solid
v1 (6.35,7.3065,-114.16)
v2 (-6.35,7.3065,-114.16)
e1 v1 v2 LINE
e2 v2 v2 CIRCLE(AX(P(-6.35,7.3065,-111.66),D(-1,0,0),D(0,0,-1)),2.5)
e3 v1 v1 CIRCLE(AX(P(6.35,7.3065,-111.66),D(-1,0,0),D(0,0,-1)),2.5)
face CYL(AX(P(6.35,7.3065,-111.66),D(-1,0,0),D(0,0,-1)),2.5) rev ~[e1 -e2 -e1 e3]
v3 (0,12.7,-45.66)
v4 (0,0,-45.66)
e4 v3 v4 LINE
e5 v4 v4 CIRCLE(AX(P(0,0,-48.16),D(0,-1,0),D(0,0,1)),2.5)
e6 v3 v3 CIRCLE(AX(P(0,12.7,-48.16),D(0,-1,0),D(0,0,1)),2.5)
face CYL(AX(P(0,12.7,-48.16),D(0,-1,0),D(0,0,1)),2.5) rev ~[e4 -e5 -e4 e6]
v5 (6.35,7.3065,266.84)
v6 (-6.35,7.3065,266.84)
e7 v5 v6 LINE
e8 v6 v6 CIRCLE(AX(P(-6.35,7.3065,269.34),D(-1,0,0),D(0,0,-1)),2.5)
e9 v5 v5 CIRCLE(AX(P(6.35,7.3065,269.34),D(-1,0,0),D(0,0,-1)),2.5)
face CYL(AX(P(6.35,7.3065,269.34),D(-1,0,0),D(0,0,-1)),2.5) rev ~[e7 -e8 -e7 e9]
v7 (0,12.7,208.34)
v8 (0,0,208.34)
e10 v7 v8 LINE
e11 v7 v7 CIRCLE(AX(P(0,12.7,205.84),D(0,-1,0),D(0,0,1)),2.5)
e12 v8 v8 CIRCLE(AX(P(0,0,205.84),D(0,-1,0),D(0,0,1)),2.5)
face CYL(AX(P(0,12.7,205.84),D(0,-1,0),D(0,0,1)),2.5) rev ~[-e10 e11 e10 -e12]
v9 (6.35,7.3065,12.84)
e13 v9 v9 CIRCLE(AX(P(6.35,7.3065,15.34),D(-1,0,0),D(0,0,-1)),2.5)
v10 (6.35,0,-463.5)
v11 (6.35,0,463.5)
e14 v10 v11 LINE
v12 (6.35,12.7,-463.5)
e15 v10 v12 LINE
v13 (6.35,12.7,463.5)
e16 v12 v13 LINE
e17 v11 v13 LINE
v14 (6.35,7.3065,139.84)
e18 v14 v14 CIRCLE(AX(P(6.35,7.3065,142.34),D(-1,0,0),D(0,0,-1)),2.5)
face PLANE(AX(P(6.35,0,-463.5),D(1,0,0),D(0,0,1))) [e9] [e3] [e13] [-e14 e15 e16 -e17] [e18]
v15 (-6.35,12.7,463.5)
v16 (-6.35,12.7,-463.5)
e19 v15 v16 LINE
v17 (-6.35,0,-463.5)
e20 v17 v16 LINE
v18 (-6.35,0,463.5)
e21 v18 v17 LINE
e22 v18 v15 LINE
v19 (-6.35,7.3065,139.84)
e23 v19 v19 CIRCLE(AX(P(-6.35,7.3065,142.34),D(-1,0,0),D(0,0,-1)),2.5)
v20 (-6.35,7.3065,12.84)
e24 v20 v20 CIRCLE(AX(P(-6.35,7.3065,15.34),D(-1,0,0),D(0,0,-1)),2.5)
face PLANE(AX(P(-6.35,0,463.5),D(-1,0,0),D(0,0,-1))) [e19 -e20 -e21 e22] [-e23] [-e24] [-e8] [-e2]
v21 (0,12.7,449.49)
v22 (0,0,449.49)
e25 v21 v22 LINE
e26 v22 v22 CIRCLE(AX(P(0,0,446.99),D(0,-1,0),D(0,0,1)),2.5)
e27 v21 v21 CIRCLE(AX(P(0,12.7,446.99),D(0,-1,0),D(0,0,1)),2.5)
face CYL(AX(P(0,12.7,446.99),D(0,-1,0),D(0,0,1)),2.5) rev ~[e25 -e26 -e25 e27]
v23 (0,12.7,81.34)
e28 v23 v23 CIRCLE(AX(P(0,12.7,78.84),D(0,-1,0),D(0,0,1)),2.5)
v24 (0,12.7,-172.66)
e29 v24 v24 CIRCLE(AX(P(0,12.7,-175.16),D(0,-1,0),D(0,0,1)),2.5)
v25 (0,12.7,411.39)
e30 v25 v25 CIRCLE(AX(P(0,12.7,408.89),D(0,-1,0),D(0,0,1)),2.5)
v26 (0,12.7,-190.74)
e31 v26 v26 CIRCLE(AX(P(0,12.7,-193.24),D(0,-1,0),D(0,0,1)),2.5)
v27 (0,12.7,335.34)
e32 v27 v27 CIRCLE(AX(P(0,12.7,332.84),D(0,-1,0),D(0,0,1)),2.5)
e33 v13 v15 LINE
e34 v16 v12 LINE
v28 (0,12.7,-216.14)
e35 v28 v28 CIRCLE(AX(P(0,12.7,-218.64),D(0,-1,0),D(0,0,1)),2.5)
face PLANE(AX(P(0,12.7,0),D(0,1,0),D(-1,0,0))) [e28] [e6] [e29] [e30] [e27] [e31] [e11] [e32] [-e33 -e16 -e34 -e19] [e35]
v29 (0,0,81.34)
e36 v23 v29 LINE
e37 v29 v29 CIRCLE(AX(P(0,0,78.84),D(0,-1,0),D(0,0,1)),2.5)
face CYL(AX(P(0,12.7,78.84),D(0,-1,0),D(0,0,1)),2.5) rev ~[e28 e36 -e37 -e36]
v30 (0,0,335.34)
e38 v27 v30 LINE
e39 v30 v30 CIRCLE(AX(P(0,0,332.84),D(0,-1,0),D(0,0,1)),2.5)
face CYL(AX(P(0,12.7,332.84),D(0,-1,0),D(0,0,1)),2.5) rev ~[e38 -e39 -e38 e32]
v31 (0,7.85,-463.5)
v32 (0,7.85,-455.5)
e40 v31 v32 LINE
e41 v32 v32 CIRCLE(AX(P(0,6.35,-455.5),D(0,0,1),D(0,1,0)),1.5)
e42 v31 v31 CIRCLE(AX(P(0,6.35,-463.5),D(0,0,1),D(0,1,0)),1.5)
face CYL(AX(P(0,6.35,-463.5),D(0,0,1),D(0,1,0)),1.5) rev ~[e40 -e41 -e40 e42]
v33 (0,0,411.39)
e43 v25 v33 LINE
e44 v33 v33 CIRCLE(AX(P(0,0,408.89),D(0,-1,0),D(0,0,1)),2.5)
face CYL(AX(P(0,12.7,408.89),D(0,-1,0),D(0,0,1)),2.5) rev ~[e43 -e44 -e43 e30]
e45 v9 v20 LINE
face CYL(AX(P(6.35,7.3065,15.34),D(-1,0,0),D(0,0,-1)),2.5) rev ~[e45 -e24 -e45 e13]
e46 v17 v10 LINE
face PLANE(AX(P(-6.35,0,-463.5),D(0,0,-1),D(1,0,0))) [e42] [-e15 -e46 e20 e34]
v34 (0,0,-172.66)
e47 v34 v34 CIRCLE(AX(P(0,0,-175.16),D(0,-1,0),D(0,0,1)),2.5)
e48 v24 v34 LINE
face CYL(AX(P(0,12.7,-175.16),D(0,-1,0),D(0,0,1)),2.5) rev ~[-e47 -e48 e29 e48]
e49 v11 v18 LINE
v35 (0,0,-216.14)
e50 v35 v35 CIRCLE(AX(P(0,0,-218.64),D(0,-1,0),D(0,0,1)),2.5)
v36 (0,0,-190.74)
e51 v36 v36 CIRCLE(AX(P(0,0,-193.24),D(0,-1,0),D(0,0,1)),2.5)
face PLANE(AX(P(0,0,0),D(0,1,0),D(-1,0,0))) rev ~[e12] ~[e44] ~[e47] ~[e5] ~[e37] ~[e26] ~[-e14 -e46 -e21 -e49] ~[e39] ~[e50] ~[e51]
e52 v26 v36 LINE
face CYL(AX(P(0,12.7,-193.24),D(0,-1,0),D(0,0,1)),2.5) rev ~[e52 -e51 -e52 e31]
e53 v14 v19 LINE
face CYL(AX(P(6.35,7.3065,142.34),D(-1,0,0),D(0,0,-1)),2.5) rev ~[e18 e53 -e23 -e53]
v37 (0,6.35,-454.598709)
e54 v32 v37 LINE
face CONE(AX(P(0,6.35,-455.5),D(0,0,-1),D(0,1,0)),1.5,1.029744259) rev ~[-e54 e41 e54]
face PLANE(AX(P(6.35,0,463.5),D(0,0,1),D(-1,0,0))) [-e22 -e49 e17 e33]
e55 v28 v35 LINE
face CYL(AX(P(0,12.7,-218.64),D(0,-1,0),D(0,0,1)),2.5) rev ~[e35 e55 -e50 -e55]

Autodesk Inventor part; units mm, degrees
ref_plane "YZ Plane" through (0, 0, 0) normal (1, 0, 0) x (0, 1, 0)
ref_plane "XZ Plane" through (0, 0, 0) normal (0, 1, 0) x (-1, 0, 0)
ref_plane "XY Plane" through (0, 0, 0) normal (0, 0, 1) x (1, 0, 0)
sketch "Sketch1" plane through (0, 0, 0) normal (0, 1, 0) x (-1, 0, 0)
  line L0 (6.35, -463.5) -> (-6.35, -463.5)
  line L1 (-6.35, -463.5) -> (-6.35, 463.5)
  line L2 (-6.35, 463.5) -> (6.35, 463.5)
  line L3 (6.35, 463.5) -> (6.35, -463.5)
  line L4 (6.35, -463.5) -> (-6.35, 463.5) construction
  line L5 (-6.35, -463.5) -> (6.35, 463.5) construction
  point P0 (0, 0)
  dimension "d0" = 12.7
  dimension "d1" = 927
extrude "Extrusion1" add sketch "Sketch1" along normal blind 12.7
sketch "Sketch2" plane through (0, 12.7, 0) normal (0, 1, 0) x (1, 0, 0)
  circle A0 centre (0, -446.99) radius 2.5
  line L0 (-6.35, -463.5) -> (6.35, -463.5) projected
  point P0 (0, 0)
  dimension "d4" = 5
  dimension "d5" = 16.51
sketch "Sketch3" plane through (0, 12.7, 0) normal (0, 1, 0) x (1, 0, 0)
  circle A0 centre (0, -408.89) radius 2.5
  line L0 (-6.35, -463.5) -> (6.35, -463.5) projected
  point P0 (0, 0)
  dimension "d6" = 5
  dimension "d7" = 54.61
sketch "Sketch4" plane through (0, 12.7, 0) normal (0, 1, 0) x (1, 0, 0)
  circle A0 centre (0, -332.84) radius 2.5
  line L0 (-6.35, -463.5) -> (6.35, -463.5) projected
  point P0 (0, 0)
  dimension "d8" = 5
  dimension "d9" = 130.66
sketch "Sketch5" plane through (0, 12.7, 0) normal (0, 1, 0) x (1, 0, 0)
  circle A0 centre (0, -205.84) radius 2.5
  line L0 (-6.35, -463.5) -> (6.35, -463.5) projected
  point P0 (0, 0)
  dimension "d10" = 5
  dimension "d11" = 257.66
sketch "Sketch6" plane through (0, 12.7, 0) normal (0, 1, 0) x (1, 0, 0)
  circle A0 centre (0, -78.84) radius 2.5
  line L0 (-6.35, -463.5) -> (6.35, -463.5) projected
  point P0 (0, 0)
  dimension "d12" = 5
  dimension "d13" = 384.66
sketch "Sketch7" plane through (0, 12.7, 0) normal (0, 1, 0) x (1, 0, 0)
  circle A0 centre (0, 48.16) radius 2.5
  line L0 (-6.35, -463.5) -> (6.35, -463.5) projected
  point P0 (0, 0)
  dimension "d14" = 5
  dimension "d15" = 511.66
sketch "Sketch8" plane through (0, 12.7, 0) normal (0, 1, 0) x (1, 0, 0)
  circle A0 centre (0, 175.16) radius 2.5
  line L0 (-6.35, -463.5) -> (6.35, -463.5) projected
  point P0 (0, 0)
  dimension "d16" = 5
  dimension "d17" = 638.66
sketch "Sketch9" plane through (0, 12.7, 0) normal (0, 1, 0) x (1, 0, 0)
  circle A0 centre (0, 193.24) radius 2.5
  line L0 (-6.35, -463.5) -> (6.35, -463.5) projected
  point P0 (0, 0)
  dimension "d18" = 5
  dimension "d19" = 656.74
sketch "Sketch10" plane through (0, 12.7, 0) normal (0, 1, 0) x (1, 0, 0)
  circle A0 centre (0, 218.64) radius 2.5
  line L0 (-6.35, -463.5) -> (6.35, -463.5) projected
  point P0 (0, 0)
  dimension "d20" = 5
  dimension "d21" = 682.14
hole "Hole1" at (0, 12.7, 446.99) direction (0, -1, 0) diameter 5 end through all
hole "Hole2" at (0, 12.7, 408.89) direction (0, -1, 0) diameter 5 end through all
hole "Hole3" at (0, 12.7, 332.84) direction (0, -1, 0) diameter 5 end through all
hole "Hole4" at (0, 12.7, 205.84) direction (0, -1, 0) diameter 5 end through all
hole "Hole5" at (0, 12.7, 78.84) direction (0, -1, 0) diameter 5 end through all
hole "Hole6" at (0, 12.7, -48.16) direction (0, -1, 0) diameter 5 end through all
hole "Hole7" at (0, 12.7, -175.16) direction (0, -1, 0) diameter 5 end through all
hole "Hole8" at (0, 12.7, -193.24) direction (0, -1, 0) diameter 5 end through all
hole "Hole9" at (0, 12.7, -218.64) direction (0, -1, 0) diameter 5 end through all
sketch "Sketch11" plane through (6.35, 0, -463.5) normal (0, 0, -1) x (-1, 0, 0)
  circle A0 centre (6.35, 6.35) radius 1.5
  line L0 (0, 0) -> (0, 12.7) projected
  point P0 (6.35, 0)
  dimension "d85" = 3
  dimension "d86" = 6.35
  dimension "d87" = 6.35
hole "Hole10" at (0, 6.35, -463.5) direction (0, 0, 1) diameter 3 depth 8 tip angle 118
thread "Thread1" size "M3x0.5" class "6H" standard "ANSI Metric M Profile" full length
sketch "Sketch12" plane through (6.35, 0, 463.5) normal (1, 0, 0) x (0, 0, -1)
  circle A0 centre (194.16, 7.3065) radius 2.5
  line L0 (0, 0) -> (0, 12.7) projected
  point P0 (463.5, 0)
  dimension "d97" = 5
  dimension "d98" = 194.16
sketch "Sketch13" plane through (6.35, 0, 463.5) normal (1, 0, 0) x (0, 0, -1)
  circle A0 centre (321.16, 7.3065) radius 2.5
  line L0 (0, 0) -> (0, 12.7) projected
  point P0 (463.5, 0)
  dimension "d99" = 5
  dimension "d100" = 321.16
sketch "Sketch14" plane through (6.35, 0, 463.5) normal (1, 0, 0) x (0, 0, -1)
  circle A0 centre (448.16, 7.3065) radius 2.5
  line L0 (0, 0) -> (0, 12.7) projected
  point P0 (463.5, 0)
  dimension "d101" = 5
  dimension "d102" = 448.16
sketch "Sketch15" plane through (6.35, 0, 463.5) normal (1, 0, 0) x (0, 0, -1)
  circle A0 centre (575.16, 7.3065) radius 2.5
  line L0 (0, 0) -> (0, 12.7) projected
  point P0 (463.5, 0)
  dimension "d103" = 5
  dimension "d104" = 575.16
hole "Hole11" at (6.35, 7.3065, 269.34) direction (-1, 0, 0) diameter 5 end through all
hole "Hole12" at (6.35, 7.3065, 142.34) direction (-1, 0, 0) diameter 5 end through all
hole "Hole13" at (6.35, 7.3065, 15.34) direction (-1, 0, 0) diameter 5 end through all
hole "Hole14" at (6.35, 7.3065, -111.66) direction (-1, 0, 0) diameter 5 end through all
properties part number "Plate Support"
